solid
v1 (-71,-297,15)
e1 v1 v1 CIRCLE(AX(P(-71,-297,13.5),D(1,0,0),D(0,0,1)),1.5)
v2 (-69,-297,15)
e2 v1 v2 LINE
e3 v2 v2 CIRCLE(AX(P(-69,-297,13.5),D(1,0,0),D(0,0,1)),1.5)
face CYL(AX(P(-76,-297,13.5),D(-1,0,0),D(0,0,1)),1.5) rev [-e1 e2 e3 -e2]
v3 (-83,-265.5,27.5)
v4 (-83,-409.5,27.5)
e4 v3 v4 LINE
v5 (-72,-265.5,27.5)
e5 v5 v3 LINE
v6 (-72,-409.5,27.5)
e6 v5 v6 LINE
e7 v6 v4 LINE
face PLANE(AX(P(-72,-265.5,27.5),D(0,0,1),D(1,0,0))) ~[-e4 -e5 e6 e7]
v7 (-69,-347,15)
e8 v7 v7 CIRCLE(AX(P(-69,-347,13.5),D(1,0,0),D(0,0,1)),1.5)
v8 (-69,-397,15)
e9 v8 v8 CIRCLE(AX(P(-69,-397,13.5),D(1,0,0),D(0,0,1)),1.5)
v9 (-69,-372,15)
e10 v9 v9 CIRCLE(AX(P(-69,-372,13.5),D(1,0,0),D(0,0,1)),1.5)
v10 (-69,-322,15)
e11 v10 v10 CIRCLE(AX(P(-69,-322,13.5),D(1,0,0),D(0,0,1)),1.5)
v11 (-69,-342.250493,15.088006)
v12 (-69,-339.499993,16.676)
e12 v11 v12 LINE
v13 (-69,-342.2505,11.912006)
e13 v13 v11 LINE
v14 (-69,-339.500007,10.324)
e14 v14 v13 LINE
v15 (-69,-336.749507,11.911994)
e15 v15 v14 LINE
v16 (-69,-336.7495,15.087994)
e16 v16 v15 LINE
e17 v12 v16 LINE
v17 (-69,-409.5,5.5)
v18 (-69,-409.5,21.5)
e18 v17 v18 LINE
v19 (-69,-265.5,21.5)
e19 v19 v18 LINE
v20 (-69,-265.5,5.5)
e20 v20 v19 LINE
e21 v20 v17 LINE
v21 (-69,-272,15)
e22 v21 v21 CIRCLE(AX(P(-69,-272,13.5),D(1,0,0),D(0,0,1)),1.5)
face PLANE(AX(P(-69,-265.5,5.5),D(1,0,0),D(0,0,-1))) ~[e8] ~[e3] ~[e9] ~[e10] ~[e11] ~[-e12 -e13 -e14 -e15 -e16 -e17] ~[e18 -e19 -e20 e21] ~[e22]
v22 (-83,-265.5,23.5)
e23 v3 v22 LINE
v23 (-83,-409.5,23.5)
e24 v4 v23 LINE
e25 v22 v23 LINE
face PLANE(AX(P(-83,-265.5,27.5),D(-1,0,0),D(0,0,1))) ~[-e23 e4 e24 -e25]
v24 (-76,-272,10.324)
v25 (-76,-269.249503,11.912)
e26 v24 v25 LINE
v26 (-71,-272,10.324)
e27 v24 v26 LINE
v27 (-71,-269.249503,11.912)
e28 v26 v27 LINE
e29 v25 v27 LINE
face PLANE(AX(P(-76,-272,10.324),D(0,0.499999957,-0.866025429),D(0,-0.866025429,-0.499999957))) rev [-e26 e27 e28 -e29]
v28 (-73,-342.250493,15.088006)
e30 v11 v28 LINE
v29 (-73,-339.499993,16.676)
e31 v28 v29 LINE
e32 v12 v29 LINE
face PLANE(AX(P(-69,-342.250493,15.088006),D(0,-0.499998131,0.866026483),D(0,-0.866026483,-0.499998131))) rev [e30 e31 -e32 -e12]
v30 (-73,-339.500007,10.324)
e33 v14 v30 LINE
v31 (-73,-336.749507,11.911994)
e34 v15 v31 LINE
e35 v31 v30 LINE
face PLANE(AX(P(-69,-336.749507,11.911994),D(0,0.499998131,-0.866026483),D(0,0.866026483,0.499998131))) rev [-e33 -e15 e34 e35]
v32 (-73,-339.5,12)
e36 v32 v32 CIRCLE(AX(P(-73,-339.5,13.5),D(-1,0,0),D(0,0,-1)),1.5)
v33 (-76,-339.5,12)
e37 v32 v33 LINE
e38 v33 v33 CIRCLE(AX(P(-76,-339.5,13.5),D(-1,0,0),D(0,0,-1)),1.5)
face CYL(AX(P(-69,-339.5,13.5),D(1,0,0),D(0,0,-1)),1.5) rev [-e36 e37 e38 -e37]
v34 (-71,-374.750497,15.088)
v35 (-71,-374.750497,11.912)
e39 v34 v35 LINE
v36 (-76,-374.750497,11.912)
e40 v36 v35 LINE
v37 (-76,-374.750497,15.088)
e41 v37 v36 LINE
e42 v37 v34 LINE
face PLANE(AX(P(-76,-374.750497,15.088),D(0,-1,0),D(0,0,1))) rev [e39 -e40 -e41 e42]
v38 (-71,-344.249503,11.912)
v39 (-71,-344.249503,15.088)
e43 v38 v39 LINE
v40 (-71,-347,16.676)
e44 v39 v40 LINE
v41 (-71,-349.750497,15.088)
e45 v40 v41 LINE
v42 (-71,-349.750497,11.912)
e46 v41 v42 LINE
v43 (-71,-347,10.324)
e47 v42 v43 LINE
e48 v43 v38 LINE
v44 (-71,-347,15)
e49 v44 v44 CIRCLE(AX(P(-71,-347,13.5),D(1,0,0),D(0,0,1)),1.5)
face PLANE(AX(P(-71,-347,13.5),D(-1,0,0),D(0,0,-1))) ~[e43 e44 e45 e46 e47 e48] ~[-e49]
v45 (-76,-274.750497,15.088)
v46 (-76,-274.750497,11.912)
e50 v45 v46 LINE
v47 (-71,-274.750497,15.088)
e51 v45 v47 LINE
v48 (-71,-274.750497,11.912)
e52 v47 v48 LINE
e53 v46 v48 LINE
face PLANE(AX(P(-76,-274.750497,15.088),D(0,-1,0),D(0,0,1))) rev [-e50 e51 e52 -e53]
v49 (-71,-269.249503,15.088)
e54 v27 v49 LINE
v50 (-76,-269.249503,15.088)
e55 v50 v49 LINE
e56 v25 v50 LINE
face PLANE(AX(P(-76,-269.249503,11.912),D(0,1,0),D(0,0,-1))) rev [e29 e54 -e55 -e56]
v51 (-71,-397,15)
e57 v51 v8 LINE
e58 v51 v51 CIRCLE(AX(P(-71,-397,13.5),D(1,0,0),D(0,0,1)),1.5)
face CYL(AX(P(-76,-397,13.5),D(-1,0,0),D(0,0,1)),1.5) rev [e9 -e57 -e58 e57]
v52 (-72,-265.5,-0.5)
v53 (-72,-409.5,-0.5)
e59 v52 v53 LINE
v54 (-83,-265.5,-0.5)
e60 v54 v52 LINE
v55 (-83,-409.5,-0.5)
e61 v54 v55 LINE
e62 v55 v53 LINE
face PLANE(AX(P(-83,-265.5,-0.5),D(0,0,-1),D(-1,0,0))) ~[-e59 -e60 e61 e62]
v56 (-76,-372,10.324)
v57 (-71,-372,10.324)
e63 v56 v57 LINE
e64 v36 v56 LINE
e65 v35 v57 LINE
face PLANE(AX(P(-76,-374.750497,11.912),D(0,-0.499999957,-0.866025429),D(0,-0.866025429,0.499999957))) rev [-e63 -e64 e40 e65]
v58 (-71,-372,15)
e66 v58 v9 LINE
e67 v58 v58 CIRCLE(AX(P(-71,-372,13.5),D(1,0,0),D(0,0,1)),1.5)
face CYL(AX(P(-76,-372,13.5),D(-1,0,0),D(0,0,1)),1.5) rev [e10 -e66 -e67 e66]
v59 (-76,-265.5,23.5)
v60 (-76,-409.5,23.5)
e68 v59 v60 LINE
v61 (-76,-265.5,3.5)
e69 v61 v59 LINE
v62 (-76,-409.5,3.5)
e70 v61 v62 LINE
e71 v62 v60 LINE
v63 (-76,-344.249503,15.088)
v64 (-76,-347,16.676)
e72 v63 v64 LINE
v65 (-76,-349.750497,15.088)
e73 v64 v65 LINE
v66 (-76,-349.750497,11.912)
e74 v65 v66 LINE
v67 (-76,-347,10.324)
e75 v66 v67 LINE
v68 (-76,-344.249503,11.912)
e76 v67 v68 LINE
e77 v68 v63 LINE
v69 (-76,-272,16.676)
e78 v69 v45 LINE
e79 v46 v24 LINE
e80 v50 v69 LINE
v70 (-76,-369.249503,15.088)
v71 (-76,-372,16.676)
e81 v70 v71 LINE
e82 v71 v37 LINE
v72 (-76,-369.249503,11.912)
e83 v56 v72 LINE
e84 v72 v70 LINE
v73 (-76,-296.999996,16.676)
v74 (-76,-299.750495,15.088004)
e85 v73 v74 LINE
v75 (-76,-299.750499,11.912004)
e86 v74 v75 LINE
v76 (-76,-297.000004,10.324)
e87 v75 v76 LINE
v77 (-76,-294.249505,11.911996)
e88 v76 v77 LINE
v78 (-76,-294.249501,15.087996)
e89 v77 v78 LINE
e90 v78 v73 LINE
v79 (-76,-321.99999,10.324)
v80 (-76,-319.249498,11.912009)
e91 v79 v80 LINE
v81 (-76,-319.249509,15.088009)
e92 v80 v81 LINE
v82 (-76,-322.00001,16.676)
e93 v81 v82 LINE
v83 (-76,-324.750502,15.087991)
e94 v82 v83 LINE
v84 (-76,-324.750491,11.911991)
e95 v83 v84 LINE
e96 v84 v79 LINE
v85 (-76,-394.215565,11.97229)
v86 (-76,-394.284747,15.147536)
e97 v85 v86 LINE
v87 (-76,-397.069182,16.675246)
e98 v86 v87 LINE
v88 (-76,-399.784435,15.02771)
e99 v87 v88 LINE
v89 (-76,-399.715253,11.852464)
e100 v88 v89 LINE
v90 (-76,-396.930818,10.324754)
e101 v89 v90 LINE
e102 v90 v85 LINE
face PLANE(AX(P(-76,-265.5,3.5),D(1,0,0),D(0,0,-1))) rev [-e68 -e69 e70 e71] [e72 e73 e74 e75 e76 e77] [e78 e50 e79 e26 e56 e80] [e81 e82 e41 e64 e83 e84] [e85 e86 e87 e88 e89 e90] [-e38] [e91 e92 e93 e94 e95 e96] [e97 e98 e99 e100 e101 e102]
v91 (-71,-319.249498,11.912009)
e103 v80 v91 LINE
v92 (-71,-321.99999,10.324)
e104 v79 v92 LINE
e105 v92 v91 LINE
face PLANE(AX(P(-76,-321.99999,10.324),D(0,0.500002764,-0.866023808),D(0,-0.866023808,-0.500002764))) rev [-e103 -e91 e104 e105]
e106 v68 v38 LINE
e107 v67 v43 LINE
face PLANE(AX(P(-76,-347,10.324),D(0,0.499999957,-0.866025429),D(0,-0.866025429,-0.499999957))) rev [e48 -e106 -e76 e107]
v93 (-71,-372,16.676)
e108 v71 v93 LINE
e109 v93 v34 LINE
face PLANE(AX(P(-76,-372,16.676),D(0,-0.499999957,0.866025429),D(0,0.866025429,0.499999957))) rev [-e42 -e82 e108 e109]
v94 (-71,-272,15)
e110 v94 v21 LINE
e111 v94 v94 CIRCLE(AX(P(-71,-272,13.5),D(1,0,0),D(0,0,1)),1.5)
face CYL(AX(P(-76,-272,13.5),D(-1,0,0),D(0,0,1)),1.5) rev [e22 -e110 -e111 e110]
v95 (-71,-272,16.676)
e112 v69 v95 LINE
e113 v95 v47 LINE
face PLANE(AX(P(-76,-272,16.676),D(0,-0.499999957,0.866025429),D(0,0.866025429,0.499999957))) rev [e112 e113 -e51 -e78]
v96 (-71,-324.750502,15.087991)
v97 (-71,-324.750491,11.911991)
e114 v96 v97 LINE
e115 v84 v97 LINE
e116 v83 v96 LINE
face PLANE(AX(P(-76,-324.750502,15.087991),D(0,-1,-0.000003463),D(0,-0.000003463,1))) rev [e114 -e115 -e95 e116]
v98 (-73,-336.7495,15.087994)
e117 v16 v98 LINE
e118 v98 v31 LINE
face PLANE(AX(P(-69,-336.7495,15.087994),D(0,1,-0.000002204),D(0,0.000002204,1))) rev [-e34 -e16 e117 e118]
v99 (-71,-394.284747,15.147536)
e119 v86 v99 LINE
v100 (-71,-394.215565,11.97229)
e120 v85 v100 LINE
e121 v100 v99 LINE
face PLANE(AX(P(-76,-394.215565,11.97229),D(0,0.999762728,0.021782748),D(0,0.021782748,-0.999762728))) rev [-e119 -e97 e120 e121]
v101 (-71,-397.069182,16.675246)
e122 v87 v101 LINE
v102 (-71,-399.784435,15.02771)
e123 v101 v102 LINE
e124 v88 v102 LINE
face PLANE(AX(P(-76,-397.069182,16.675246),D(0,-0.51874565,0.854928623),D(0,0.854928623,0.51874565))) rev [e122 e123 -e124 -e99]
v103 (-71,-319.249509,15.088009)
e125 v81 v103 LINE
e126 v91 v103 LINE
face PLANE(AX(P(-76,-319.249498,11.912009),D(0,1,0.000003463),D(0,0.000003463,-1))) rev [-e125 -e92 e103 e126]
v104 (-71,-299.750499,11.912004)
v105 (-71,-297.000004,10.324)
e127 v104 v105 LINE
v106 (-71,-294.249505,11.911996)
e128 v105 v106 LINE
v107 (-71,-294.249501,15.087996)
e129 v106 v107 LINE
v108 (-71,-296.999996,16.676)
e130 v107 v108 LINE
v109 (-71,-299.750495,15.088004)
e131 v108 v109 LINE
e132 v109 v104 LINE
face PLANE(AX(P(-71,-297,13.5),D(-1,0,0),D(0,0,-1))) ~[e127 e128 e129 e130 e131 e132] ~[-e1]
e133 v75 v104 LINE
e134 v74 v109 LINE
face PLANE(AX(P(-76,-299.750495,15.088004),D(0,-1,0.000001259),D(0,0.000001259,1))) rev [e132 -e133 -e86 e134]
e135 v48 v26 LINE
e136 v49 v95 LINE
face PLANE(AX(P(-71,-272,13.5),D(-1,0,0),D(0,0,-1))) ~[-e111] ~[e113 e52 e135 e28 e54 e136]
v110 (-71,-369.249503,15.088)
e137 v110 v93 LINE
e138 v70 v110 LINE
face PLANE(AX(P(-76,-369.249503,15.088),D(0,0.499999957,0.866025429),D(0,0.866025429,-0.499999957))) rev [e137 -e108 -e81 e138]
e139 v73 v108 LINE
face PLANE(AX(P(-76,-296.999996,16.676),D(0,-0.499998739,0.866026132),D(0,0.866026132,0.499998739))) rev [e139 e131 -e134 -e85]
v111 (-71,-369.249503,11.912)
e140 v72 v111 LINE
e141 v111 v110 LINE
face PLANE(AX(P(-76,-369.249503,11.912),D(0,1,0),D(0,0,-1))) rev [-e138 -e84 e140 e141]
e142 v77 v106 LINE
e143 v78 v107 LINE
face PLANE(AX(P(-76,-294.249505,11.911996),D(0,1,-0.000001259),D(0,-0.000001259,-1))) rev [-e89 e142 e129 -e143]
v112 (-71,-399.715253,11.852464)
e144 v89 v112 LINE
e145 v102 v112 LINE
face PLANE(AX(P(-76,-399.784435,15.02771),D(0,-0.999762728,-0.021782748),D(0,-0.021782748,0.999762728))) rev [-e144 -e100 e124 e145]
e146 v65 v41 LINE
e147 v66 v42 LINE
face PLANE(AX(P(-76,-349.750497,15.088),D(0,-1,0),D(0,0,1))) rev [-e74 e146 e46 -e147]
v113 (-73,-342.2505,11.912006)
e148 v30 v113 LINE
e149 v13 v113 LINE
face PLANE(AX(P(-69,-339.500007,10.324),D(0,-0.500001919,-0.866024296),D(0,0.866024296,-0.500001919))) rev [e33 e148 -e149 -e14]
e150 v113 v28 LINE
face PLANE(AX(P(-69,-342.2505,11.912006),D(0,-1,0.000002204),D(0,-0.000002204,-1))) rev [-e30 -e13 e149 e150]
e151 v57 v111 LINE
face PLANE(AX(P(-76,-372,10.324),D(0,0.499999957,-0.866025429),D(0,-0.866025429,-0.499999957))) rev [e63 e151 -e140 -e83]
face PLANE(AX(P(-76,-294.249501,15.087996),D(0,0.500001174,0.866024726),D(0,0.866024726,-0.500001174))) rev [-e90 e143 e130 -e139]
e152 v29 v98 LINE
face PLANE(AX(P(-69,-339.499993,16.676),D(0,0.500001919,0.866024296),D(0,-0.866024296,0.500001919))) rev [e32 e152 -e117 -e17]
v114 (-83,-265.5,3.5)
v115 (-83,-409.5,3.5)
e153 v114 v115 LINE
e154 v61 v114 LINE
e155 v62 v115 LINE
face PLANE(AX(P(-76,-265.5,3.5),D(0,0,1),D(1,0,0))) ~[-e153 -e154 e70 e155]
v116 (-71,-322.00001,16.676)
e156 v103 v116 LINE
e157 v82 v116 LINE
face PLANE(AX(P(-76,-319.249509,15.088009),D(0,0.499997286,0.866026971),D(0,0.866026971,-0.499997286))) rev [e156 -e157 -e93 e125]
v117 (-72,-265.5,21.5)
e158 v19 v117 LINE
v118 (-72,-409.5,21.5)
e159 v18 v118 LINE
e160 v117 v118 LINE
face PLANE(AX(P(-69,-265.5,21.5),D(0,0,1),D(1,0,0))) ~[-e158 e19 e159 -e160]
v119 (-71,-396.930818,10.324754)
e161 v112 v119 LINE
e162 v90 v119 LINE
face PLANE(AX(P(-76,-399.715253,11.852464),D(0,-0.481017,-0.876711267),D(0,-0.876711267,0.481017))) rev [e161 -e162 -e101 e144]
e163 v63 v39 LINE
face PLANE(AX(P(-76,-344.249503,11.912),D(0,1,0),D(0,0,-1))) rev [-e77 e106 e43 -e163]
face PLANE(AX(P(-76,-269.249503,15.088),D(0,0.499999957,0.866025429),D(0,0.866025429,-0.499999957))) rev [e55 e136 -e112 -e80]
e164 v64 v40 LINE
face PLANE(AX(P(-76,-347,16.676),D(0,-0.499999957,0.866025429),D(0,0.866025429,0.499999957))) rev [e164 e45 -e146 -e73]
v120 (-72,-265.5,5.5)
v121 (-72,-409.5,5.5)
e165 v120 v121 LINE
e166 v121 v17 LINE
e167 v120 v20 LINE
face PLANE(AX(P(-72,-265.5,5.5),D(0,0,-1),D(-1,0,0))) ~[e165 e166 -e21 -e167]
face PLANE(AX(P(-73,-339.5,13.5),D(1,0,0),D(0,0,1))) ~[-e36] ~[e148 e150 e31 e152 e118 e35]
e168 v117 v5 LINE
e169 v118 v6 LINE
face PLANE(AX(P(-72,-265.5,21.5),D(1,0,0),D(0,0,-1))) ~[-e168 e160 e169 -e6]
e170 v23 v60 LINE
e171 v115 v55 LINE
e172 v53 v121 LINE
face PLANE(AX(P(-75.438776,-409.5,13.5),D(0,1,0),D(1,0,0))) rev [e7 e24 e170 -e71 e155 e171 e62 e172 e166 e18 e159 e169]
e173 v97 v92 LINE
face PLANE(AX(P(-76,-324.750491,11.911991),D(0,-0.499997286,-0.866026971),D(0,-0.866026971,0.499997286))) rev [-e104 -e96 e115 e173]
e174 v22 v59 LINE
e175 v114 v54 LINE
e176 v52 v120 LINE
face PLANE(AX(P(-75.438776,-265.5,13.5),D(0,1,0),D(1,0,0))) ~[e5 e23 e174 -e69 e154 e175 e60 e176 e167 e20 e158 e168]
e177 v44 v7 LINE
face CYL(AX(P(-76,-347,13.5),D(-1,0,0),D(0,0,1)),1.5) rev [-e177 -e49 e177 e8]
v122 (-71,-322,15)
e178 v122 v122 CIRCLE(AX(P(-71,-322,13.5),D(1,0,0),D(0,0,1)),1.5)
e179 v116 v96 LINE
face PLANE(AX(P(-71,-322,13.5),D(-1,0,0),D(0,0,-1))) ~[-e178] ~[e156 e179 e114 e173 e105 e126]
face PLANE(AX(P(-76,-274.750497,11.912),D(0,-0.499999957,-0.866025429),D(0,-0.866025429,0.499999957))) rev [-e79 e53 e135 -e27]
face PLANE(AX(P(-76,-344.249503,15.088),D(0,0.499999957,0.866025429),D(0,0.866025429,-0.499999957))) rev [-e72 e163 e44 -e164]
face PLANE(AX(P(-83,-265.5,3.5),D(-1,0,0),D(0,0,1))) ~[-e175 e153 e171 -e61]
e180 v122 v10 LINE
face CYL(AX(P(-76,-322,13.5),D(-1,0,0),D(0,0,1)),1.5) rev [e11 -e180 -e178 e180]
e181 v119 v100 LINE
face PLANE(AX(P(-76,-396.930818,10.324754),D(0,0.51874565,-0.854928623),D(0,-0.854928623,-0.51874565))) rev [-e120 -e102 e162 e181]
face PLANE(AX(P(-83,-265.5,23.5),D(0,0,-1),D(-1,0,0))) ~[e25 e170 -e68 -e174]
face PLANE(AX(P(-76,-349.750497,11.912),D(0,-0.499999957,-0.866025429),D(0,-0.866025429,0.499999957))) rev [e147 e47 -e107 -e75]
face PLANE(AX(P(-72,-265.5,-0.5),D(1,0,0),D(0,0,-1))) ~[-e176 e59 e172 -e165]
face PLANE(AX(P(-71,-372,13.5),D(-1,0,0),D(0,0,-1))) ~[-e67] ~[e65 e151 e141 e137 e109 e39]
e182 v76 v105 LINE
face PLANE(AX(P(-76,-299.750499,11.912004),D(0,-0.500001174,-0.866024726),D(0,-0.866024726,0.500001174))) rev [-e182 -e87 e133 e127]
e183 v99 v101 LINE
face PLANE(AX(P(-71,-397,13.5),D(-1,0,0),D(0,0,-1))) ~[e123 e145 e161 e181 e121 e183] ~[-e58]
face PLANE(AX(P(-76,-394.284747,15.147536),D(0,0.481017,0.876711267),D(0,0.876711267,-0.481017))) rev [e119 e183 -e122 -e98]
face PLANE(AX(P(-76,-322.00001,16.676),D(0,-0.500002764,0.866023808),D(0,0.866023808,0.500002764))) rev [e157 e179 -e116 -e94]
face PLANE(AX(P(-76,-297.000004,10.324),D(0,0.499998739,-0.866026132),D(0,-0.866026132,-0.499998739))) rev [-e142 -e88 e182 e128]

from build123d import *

# Parameters (mm, degrees)
PAD025_DEPTH            = 144
SKETCH042_R             = 1.5
POCKET008_DEPTH         = 7
POCKET009_DEPTH         = 4
SKETCH012_R             = 1.5
POCKET012_DEPTH         = 7
POCKET013_DEPTH         = 5
BODY013_PLACEMENT_ANGLE = 180


with BuildPart() as rightback:
    # Sketch041 → Pad025 (new body)
    with BuildSketch(Plane.XZ):
        Polygon((0, 0), (0, 10), (-7, 10), (-7, 14), (4, 14), (4, 8), (7, 8), (7, -8), (4, -8), (4, -14), (-7, -14), (-7, -10), (0, -10), align=None)
    extrude(amount=PAD025_DEPTH)

    # Sketch042 (on Face6 of Pad025) → Pocket008 (cut)
    with BuildSketch(Plane(origin=(7, 0, 0), x_dir=(0, 0, 1), z_dir=(1, 0, 0))):
        with Locations((0, 74)):
            Circle(SKETCH042_R)
    extrude(amount=-POCKET008_DEPTH, mode=Mode.SUBTRACT)

    # Sketch006 (on Face11 of Pocket008) → Pocket009 (cut)
    with BuildSketch(Plane(origin=(7, 0, 0), x_dir=(0, 0, 1), z_dir=(1, 0, 0))):
        Polygon((3.176, 74.000007), (1.587994, 76.7505), (-1.588006, 76.750493), (-3.176, 73.999993), (-1.587994, 71.2495), (1.588006, 71.249507), align=None)
    extrude(amount=-POCKET009_DEPTH, mode=Mode.SUBTRACT)

    # Sketch012 (on Face2 of Pocket009) → Pocket012 (cut)
    with BuildSketch(Plane(origin=(0, 0, 0), x_dir=(0, 0, -1), z_dir=(-1, 0, 0))):
        with Locations((0, 131.5)):
            Circle(SKETCH012_R)
        with Locations((0, 106.5)):
            Circle(SKETCH012_R)
        with Locations((0, 56.5)):
            Circle(SKETCH012_R)
        with Locations((0, 31.5)):
            Circle(SKETCH012_R)
        with Locations((0, 6.5)):
            Circle(SKETCH012_R)
        with Locations((0, 81.5)):
            Circle(SKETCH012_R)
    extrude(amount=-POCKET012_DEPTH, mode=Mode.SUBTRACT)

    # Sketch013 → Pocket013 (cut)
    with BuildSketch(Plane(origin=(0, 0, 0), x_dir=(0, 0, -1), z_dir=(-1, 0, 0))):
        Polygon((3.175246, 131.569182), (1.52771, 134.284435), (-1.647536, 134.215253), (-3.175246, 131.430818), (-1.52771, 128.715565), (1.647536, 128.784747), align=None)
        Polygon((3.176, 106.5), (1.588, 109.250497), (-1.588, 109.250497), (-3.176, 106.5), (-1.588, 103.749503), (1.588, 103.749503), align=None)
        Polygon((3.176, 56.50001), (1.587991, 59.250502), (-1.588009, 59.250491), (-3.176, 56.49999), (-1.587991, 53.749498), (1.588009, 53.749509), align=None)
        Polygon((3.176, 31.499996), (1.588004, 34.250495), (-1.587996, 34.250499), (-3.176, 31.500004), (-1.588004, 28.749505), (1.587996, 28.749501), align=None)
        Polygon((3.176, 81.5), (1.588, 84.250497), (-1.588, 84.250497), (-3.176, 81.5), (-1.588, 78.749503), (1.588, 78.749503), align=None)
        Polygon((3.176, 6.5), (1.588, 9.250497), (-1.588, 9.250497), (-3.176, 6.5), (-1.588, 3.749503), (1.588, 3.749503), align=None)
    extrude(amount=-POCKET013_DEPTH, mode=Mode.SUBTRACT)


with BuildPart() as rightback_1:
    # Body013 placement: moved
    add(rightback.part.moved(Location((76, -265.5, 13.5))).rotate(Axis((76, -265.5, 13.5), (0, 1, 0)), BODY013_PLACEMENT_ANGLE))


with BuildPart() as leftback:
    # Part__Mirroring002: instance of RightBack
    add(rightback_1.part.mirror(Plane(origin=(0, 0, 0), x_dir=(0, -1, 0), z_dir=(1, 0, 0))))


solid = leftback.part
